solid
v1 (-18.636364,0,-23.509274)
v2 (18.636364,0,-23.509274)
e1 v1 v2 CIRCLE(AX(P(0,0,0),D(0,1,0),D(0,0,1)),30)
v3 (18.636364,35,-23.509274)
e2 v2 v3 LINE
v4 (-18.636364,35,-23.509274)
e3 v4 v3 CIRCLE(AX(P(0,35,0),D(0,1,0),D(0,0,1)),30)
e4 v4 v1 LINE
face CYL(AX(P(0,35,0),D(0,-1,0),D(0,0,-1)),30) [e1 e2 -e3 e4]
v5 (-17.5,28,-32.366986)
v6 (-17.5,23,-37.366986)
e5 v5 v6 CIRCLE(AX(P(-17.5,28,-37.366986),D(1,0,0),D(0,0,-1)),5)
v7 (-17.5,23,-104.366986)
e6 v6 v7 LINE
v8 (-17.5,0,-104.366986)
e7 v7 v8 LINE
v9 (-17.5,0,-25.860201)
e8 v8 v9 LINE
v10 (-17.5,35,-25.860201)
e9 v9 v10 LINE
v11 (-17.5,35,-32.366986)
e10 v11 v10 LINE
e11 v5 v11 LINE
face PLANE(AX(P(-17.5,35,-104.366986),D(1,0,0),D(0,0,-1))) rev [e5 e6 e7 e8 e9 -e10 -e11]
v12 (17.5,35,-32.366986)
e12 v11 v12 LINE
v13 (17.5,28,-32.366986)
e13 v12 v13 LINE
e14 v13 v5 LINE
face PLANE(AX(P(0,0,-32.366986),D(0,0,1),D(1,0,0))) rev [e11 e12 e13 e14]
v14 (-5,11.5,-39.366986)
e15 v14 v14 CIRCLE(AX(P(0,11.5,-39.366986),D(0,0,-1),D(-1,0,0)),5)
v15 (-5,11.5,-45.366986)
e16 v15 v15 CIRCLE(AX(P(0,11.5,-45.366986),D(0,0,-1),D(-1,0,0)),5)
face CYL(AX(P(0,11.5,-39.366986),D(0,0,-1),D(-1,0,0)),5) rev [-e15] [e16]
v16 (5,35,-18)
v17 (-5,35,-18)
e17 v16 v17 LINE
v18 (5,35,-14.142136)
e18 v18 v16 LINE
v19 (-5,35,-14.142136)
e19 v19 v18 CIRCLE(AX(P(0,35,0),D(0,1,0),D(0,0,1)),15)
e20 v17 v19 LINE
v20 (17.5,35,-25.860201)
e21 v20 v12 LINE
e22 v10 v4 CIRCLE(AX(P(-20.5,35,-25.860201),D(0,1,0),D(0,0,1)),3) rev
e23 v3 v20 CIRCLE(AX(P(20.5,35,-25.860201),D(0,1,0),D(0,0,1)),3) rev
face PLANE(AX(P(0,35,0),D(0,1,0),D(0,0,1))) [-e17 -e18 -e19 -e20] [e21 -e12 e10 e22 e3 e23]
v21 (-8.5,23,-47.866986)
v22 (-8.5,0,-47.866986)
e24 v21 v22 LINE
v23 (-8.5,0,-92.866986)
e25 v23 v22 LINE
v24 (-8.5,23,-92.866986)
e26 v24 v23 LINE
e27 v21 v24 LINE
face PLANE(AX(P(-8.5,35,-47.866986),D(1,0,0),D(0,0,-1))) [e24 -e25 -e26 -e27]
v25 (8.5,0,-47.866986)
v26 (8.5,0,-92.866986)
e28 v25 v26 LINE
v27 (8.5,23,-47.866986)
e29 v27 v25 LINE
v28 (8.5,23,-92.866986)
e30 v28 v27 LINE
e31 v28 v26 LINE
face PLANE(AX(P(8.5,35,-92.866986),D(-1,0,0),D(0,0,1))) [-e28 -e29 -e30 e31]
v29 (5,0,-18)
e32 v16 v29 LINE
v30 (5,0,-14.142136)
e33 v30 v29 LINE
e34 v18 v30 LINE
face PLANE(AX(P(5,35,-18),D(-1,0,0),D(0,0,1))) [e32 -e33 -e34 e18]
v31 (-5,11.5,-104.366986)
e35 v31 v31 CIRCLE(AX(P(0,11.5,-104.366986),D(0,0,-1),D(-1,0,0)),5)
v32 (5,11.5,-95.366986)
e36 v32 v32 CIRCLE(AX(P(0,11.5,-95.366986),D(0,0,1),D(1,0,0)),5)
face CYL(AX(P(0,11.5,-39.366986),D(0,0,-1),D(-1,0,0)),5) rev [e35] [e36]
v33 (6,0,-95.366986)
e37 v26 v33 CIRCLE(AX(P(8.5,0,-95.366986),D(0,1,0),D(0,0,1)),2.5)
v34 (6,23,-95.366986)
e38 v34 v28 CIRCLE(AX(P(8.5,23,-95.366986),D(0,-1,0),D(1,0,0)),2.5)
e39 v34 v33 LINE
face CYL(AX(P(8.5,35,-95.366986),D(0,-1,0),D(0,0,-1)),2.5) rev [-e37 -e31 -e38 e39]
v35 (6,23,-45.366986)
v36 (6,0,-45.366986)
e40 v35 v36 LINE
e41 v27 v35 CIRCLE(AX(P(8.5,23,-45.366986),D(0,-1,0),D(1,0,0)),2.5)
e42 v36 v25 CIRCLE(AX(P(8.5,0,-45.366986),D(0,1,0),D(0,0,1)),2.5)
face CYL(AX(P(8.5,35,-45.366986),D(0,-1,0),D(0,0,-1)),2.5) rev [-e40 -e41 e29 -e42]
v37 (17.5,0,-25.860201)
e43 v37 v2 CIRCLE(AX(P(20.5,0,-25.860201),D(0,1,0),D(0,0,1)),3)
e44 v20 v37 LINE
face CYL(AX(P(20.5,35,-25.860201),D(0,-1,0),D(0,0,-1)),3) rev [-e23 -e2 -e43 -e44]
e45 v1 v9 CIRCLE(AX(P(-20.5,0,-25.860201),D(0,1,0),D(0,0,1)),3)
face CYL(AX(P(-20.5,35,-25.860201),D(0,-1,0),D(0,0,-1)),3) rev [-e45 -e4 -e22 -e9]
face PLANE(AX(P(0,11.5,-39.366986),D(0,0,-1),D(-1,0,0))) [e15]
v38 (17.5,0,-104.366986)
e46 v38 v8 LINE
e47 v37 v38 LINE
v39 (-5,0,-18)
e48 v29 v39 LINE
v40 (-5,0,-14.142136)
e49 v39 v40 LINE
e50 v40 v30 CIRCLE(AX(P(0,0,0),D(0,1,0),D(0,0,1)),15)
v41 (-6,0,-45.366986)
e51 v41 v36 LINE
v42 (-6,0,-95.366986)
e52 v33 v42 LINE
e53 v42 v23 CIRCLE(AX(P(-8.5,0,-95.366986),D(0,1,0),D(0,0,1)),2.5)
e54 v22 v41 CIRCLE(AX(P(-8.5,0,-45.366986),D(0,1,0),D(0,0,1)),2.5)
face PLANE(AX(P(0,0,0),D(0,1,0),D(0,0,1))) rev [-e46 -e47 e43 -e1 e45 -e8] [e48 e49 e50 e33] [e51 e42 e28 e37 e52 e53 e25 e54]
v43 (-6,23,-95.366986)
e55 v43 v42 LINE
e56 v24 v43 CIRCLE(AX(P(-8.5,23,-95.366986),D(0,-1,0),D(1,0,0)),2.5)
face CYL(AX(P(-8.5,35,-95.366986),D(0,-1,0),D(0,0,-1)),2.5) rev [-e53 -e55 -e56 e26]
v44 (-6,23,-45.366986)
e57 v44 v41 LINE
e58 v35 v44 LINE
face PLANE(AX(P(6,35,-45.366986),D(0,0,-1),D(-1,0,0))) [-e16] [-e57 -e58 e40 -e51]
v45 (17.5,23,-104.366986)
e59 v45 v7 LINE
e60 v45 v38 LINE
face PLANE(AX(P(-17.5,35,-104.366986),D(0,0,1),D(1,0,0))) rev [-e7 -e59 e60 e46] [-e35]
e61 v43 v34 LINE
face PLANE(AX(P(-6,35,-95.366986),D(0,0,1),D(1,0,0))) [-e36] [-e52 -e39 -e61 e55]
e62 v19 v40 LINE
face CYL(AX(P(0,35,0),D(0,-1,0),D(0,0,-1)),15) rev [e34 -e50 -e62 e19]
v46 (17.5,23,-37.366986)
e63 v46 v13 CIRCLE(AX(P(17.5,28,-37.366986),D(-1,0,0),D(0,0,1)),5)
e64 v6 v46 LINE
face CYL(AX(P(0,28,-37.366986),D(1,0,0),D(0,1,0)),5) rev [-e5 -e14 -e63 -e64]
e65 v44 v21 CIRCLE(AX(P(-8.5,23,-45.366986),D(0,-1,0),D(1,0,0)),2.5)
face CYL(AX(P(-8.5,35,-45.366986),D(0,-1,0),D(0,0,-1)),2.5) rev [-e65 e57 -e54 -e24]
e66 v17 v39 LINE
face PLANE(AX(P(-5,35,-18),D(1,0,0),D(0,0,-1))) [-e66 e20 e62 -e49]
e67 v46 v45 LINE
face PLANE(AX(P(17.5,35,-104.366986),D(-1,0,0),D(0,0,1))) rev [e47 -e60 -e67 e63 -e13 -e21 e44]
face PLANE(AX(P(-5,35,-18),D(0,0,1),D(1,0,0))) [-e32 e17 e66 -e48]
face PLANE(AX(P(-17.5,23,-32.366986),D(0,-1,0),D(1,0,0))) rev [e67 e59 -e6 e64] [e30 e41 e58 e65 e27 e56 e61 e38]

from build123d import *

# Parameters (mm, degrees)
BOSS_EXTRUDE1_DEPTH = 35
SKETCH2_W           = 35
SKETCH2_H           = 12
CUT_EXTRUDE1_DEPTH  = 72
FILLET1_R           = 5
FILLET2_R           = 3
SKETCH3_R           = 5
CUT_EXTRUDE2_DEPTH  = 65


with BuildPart() as part:
    # Sketch1 → Boss-Extrude1 (new body)
    with BuildSketch(Plane(origin=(0, 0, 0), x_dir=(1, 0, 0), z_dir=(0, 1, 0))):
        with BuildLine():
            Line((-17.5, 104.366985862), (17.5, 104.366985862))
            Line((17.5, 104.366985862), (17.5, 24.366985862))
            ThreePointArc((17.5, 24.366985862), (0, -30), (-17.5, 24.366985862))
            Line((-17.5, 24.366985862), (-17.5, 104.366985862))
        make_face()
        with BuildLine():
            Line((-6, 95.366985862), (6, 95.366985862))
            ThreePointArc((6, 95.366985862), (10.267766953, 97.134752815), (8.5, 92.866985862))
            Line((8.5, 92.866985862), (8.5, 47.866985862))
            ThreePointArc((8.5, 47.866985862), (10.267766953, 43.599218909), (6, 45.366985862))
            Line((6, 45.366985862), (-6, 45.366985862))
            ThreePointArc((-6, 45.366985862), (-10.267766953, 43.599218909), (-8.5, 47.866985862))
            Line((-8.5, 47.866985862), (-8.5, 92.866985862))
            ThreePointArc((-8.5, 92.866985862), (-10.267766953, 97.134752815), (-6, 95.366985862))
        make_face(mode=Mode.SUBTRACT)
        with BuildLine():
            Line((5, 18), (5, 14.142135624))
            ThreePointArc((5, 14.142135624), (0, -15), (-5, 14.142135624))
            Line((-5, 14.142135624), (-5, 18))
            Line((-5, 18), (5, 18))
        make_face(mode=Mode.SUBTRACT)
    extrude(amount=BOSS_EXTRUDE1_DEPTH)

    # Sketch2 → Cut-Extrude1 (cut)
    with BuildSketch(Plane(origin=(0, 0, -104.366985862), x_dir=(-1, 0, 0), z_dir=(0, 0, -1))):
        with Locations((0, 29)):
            Rectangle(SKETCH2_W, SKETCH2_H)
    extrude(amount=-CUT_EXTRUDE1_DEPTH, mode=Mode.SUBTRACT)

    # Fillet1
    fillet1_edges = [part.edges().sort_by_distance(p)[0] for p in [
        (0, 23, -32.366985862),
    ]]
    fillet(fillet1_edges, radius=FILLET1_R)

    # Fillet2
    fillet2_edges = [part.edges().sort_by_distance(p)[0] for p in [
        (-17.5, 17.5, -24.366985862),
        (17.5, 17.5, -24.366985862),
    ]]
    fillet(fillet2_edges, radius=FILLET2_R)

    # Sketch3 → Cut-Extrude2 (cut)
    with BuildSketch(Plane(origin=(0, 0, -104.366985862), x_dir=(-1, 0, 0), z_dir=(0, 0, -1))):
        with Locations((0, 11.5)):
            Circle(SKETCH3_R)
    extrude(amount=-CUT_EXTRUDE2_DEPTH, mode=Mode.SUBTRACT)


solid = part.part
